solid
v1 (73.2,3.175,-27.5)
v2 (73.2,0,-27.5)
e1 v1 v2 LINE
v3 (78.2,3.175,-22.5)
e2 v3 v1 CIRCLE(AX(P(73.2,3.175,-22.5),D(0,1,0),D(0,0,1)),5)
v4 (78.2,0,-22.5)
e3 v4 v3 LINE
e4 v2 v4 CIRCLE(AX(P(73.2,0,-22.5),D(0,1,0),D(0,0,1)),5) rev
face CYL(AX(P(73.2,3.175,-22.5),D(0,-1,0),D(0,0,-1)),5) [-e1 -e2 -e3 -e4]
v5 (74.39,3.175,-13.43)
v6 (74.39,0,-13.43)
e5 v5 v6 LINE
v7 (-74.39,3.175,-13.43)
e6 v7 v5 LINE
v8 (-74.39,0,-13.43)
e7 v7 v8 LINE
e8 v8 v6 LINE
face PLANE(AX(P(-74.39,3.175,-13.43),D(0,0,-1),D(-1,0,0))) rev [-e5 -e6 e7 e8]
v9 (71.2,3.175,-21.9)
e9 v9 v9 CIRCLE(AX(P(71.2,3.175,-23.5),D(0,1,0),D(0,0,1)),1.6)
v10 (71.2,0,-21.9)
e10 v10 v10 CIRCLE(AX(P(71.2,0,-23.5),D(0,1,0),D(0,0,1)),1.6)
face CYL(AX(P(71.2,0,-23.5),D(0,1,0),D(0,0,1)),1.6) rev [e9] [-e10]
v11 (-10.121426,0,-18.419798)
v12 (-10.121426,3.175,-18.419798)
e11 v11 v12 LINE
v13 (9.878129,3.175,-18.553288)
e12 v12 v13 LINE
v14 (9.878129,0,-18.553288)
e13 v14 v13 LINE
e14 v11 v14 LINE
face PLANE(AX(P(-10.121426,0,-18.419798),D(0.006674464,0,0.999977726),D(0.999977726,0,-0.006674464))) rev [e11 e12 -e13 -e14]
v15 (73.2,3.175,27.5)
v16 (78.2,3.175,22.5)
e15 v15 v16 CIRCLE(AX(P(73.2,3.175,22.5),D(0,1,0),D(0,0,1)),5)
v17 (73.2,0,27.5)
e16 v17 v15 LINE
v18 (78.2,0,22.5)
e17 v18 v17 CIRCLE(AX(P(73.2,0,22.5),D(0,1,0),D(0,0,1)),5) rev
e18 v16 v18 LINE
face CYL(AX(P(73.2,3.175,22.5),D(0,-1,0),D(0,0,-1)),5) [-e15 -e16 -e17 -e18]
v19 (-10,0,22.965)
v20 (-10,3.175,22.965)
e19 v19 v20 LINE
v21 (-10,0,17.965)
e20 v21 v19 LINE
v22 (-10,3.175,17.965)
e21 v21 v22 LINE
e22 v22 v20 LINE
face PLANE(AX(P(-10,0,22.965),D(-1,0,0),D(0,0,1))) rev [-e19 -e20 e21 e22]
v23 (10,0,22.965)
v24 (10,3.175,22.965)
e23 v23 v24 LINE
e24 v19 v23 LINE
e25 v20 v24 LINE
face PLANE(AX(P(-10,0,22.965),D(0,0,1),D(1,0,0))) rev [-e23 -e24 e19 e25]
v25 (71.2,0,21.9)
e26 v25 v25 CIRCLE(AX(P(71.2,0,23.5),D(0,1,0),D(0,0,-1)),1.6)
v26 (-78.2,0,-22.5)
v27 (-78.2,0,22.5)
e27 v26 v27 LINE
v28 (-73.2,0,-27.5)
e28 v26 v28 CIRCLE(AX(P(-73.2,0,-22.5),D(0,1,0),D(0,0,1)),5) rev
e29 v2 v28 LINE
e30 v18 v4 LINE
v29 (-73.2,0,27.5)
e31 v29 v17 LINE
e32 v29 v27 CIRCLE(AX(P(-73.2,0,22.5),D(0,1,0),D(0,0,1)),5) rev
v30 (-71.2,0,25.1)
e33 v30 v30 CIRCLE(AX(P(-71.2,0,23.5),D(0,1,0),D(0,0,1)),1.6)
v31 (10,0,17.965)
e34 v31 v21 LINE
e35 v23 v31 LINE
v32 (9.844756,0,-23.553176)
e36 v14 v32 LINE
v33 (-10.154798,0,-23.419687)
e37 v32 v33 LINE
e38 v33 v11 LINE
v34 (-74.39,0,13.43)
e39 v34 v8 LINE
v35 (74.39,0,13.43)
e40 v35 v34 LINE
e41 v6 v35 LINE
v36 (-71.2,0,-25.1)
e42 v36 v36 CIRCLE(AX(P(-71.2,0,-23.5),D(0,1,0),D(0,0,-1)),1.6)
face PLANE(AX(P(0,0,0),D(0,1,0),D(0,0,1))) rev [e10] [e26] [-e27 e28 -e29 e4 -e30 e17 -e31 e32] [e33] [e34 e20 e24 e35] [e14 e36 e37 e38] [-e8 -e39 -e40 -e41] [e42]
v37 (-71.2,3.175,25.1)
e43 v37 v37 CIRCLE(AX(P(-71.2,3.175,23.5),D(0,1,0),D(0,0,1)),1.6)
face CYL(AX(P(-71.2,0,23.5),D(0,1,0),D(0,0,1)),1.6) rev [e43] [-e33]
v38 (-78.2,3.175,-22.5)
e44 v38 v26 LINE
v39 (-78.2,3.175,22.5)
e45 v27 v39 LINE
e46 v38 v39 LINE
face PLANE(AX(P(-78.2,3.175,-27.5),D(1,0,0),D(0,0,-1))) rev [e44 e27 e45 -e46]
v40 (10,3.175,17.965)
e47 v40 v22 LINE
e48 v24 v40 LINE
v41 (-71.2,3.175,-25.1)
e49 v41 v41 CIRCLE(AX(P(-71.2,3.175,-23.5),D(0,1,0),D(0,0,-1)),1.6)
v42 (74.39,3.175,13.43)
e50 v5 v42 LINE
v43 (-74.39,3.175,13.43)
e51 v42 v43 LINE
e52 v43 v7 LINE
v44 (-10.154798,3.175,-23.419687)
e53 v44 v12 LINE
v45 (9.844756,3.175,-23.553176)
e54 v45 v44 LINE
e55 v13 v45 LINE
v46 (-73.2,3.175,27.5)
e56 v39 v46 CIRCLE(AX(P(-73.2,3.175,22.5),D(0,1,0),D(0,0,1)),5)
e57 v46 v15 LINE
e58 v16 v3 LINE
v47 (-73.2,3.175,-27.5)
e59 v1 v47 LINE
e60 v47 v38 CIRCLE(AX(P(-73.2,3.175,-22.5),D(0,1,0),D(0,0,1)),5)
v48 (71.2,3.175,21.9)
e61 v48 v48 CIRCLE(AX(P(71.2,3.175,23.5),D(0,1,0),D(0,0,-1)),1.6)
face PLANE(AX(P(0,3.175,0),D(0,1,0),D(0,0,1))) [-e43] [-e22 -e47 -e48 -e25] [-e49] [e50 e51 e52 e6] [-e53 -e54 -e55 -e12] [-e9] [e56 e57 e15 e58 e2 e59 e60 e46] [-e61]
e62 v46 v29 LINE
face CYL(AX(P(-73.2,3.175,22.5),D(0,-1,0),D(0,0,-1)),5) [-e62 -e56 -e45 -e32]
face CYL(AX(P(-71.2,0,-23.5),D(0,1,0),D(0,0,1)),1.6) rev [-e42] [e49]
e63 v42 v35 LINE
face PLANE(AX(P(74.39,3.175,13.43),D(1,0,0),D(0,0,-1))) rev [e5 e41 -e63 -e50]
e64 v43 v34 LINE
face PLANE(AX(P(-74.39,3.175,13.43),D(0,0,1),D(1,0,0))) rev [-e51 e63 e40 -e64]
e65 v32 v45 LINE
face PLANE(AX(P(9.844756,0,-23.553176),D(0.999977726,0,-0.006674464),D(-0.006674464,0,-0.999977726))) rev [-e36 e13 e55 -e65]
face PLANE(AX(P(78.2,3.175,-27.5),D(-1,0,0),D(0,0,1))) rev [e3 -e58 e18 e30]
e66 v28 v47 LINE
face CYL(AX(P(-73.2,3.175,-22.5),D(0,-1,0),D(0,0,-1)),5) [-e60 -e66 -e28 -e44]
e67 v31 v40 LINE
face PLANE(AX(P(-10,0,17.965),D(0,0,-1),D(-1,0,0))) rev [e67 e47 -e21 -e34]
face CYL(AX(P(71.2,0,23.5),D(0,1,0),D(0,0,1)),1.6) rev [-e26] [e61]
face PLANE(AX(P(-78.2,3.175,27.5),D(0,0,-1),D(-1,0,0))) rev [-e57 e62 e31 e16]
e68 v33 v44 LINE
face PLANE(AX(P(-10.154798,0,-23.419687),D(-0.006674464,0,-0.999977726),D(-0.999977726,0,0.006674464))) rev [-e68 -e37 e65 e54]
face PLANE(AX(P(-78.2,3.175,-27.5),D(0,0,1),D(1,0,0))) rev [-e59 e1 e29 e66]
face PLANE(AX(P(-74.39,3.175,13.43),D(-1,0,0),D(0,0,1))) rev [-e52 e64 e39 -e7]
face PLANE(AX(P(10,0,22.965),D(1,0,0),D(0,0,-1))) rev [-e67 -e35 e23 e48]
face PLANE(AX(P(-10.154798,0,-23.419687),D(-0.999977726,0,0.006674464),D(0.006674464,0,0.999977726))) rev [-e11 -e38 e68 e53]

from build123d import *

# Parameters (mm, degrees)
SKETCH2_W           = 156.4
SKETCH2_H           = 55
BOSS_EXTRUDE1_DEPTH = 3.175
SKETCH3_W           = 148.78
SKETCH3_H           = 26.86
CUT_EXTRUDE1_DEPTH  = 83.955232656
SKETCH4_R           = 1.6
CUT_EXTRUDE2_DEPTH  = 83.955232656
SKETCH5_W           = 20
SKETCH5_H           = 5
CUT_EXTRUDE3_DEPTH  = 83.955232656
FILLET1_R           = 5
FILLET2_R           = 5


with BuildPart() as part:
    # Sketch2 → Boss-Extrude1 (new body)
    with BuildSketch(Plane(origin=(0, 0, 0), x_dir=(1, 0, 0), z_dir=(0, 1, 0))):
        Rectangle(SKETCH2_W, SKETCH2_H)
    extrude(amount=BOSS_EXTRUDE1_DEPTH)

    # Sketch3 → Cut-Extrude1 (cut, through all)
    with BuildSketch(Plane.XZ):
        Rectangle(SKETCH3_W, SKETCH3_H)
    extrude(amount=-CUT_EXTRUDE1_DEPTH, mode=Mode.SUBTRACT)

    # Sketch4 → Cut-Extrude2 (cut, through all)
    with BuildSketch(Plane(origin=(0, 3.175, 0), x_dir=(1, 0, 0), z_dir=(0, 1, 0))):
        with Locations(Location((-71.2, -23.5, 0), (0, 0, 270))):
            Circle(SKETCH4_R)
        with Locations(Location((-71.2, 23.5, 0), (0, 0, 90))):
            Circle(SKETCH4_R)
        with Locations(Location((71.2, 23.5, 0), (0, 0, 270))):
            Circle(SKETCH4_R)
        with Locations(Location((71.2, -23.5, 0), (0, 0, 90))):
            Circle(SKETCH4_R)
    extrude(amount=-CUT_EXTRUDE2_DEPTH, mode=Mode.SUBTRACT)

    # Sketch5 → Cut-Extrude3 (cut, through all)
    with BuildSketch(Plane(origin=(0, 3.175, 0), x_dir=(1, 0, 0), z_dir=(0, 1, 0))):
        with Locations((0, -20.465)):
            Rectangle(SKETCH5_W, SKETCH5_H)
        Polygon((-10.154798185, 23.41968691), (-10.121425865, 18.419798282), (9.878128645, 18.553287562), (9.844756325, 23.553176189), align=None)
    extrude(amount=-CUT_EXTRUDE3_DEPTH, mode=Mode.SUBTRACT)

    # Fillet1
    fillet1_edges = [part.edges().sort_by_distance(p)[0] for p in [
        (78.2, 1.5875, 27.5),
        (-78.2, 1.5875, 27.5),
        (-78.2, 1.5875, -27.5),
    ]]
    fillet(fillet1_edges, radius=FILLET1_R)

    # Fillet2
    fillet2_edges = [part.edges().sort_by_distance(p)[0] for p in [
        (78.2, 1.5875, -27.5),
    ]]
    fillet(fillet2_edges, radius=FILLET2_R)


solid = part.part
